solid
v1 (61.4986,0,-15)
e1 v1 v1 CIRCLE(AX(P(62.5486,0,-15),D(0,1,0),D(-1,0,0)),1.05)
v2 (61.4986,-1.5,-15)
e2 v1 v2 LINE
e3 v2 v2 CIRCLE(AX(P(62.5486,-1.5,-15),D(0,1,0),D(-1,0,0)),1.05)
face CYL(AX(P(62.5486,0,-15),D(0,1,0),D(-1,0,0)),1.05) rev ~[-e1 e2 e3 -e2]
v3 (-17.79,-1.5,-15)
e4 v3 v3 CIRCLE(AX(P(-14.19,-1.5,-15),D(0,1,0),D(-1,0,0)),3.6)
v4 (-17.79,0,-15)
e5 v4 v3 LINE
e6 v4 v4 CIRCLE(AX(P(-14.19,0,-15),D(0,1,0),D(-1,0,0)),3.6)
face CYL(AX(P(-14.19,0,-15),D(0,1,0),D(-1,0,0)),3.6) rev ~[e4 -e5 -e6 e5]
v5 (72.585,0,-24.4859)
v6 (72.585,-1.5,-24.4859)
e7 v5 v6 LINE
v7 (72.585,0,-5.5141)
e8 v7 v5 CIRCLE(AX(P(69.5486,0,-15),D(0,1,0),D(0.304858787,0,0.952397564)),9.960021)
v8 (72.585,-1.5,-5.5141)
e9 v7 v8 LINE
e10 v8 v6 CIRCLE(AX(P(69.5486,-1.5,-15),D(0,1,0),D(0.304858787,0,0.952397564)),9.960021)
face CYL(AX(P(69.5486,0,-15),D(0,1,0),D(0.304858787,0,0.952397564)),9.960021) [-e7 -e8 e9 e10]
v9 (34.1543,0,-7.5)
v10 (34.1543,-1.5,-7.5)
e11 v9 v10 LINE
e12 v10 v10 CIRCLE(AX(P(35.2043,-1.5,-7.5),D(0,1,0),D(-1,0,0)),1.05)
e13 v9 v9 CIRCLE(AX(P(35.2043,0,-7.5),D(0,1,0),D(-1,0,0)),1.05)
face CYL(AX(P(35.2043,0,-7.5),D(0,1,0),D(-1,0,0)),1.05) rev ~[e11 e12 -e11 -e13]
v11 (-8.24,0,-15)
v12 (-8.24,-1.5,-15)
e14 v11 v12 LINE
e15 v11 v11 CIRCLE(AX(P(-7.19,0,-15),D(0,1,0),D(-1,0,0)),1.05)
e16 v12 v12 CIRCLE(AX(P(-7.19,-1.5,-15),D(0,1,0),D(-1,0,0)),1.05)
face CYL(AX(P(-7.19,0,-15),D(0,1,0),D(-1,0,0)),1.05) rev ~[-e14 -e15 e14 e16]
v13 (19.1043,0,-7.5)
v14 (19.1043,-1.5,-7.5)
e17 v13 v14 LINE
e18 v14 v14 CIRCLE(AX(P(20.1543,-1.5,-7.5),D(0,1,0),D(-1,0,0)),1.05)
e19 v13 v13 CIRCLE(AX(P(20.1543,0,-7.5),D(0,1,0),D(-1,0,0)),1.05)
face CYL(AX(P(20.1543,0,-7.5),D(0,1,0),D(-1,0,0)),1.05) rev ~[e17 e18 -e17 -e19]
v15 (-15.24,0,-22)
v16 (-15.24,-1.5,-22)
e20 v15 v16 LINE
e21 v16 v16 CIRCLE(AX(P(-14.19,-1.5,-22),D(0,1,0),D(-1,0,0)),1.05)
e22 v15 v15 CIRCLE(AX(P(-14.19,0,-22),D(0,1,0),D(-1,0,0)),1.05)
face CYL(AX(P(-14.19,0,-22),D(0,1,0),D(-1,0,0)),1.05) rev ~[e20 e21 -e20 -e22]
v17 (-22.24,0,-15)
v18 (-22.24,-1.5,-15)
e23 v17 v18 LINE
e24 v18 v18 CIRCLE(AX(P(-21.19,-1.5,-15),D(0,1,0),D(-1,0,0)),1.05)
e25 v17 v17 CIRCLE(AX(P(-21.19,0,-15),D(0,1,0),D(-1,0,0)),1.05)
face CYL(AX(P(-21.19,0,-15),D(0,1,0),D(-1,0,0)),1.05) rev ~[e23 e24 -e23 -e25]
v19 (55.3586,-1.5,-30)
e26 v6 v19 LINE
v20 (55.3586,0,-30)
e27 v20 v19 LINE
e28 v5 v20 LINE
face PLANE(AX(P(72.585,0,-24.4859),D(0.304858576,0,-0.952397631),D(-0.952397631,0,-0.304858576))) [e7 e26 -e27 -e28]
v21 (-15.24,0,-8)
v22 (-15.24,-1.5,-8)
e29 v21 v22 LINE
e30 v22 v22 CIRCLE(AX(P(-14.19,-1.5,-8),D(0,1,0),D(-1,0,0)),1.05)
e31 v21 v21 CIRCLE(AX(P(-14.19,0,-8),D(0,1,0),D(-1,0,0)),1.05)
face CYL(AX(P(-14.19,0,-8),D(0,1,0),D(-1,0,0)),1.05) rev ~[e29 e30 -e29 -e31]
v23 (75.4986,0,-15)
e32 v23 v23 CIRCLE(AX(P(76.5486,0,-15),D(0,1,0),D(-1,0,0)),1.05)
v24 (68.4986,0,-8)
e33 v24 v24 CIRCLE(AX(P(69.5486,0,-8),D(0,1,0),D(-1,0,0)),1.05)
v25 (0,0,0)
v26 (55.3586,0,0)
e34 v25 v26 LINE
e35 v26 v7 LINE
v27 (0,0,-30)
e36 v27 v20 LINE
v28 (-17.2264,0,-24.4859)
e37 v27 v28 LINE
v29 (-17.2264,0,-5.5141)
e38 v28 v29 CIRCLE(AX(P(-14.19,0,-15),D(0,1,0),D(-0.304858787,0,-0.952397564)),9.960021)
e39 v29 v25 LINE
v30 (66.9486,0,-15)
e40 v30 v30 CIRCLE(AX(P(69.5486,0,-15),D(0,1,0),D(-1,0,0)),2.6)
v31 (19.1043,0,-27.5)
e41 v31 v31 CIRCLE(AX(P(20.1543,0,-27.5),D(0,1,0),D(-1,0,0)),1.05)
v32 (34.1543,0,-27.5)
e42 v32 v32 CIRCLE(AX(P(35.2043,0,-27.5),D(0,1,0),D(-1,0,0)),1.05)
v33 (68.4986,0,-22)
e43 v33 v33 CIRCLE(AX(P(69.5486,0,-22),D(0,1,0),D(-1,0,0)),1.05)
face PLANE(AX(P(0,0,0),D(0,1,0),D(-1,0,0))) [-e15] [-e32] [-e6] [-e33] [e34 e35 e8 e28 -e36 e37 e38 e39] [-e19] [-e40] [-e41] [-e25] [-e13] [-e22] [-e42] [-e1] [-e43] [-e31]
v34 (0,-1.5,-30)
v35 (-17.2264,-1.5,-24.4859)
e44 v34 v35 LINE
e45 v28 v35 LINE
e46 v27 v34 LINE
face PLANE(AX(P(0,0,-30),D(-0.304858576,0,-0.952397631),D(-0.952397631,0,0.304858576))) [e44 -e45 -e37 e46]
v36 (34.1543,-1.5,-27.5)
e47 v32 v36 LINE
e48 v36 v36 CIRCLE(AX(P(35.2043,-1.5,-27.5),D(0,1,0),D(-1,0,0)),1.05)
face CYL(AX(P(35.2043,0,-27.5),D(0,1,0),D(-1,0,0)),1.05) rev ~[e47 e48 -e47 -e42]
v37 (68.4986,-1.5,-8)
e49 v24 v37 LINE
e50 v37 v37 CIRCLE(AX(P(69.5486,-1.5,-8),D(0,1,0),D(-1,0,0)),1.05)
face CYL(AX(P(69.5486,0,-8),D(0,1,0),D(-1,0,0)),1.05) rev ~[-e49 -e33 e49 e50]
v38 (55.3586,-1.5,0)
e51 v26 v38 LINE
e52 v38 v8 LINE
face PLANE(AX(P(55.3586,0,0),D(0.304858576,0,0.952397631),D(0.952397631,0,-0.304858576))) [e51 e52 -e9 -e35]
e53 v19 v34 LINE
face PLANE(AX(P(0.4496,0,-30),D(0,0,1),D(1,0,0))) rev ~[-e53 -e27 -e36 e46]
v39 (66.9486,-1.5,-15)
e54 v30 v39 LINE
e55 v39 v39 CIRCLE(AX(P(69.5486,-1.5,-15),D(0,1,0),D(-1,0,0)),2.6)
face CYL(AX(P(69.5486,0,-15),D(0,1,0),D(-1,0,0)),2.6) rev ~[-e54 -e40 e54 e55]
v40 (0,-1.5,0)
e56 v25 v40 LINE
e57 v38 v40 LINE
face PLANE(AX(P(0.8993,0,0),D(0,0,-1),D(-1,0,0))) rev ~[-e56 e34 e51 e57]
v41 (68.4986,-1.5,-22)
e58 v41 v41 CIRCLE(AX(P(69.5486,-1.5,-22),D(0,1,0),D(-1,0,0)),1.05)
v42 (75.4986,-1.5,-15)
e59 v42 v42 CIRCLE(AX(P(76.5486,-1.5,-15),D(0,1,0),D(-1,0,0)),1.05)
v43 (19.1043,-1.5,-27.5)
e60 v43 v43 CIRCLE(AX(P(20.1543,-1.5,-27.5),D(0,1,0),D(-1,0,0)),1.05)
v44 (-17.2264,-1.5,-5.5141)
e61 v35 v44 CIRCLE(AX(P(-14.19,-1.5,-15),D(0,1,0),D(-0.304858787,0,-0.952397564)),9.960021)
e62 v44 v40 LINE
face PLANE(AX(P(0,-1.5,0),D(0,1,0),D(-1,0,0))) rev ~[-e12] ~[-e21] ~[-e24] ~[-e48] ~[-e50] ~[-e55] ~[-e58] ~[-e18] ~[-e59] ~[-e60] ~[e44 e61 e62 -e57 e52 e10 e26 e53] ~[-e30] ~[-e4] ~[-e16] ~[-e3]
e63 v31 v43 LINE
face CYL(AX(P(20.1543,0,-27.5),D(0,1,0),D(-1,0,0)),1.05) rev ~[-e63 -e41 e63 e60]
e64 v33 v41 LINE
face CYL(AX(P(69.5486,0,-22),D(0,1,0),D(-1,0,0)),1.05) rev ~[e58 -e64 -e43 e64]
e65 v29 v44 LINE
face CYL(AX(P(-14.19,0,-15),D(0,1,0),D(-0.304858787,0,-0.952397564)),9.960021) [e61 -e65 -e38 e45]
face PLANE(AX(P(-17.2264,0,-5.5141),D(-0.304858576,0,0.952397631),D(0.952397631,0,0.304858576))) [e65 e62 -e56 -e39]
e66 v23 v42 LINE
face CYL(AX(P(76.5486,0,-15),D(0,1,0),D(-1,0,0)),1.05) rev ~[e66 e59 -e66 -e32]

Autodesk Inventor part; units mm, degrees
ref_plane "YZ Plane" through (0, 0, 0) normal (1, 0, 0) x (0, 1, 0)
ref_plane "XZ Plane" through (0, 0, 0) normal (0, 1, 0) x (-1, 0, 0)
ref_plane "XY Plane" through (0, 0, 0) normal (0, 0, 1) x (1, 0, 0)
sketch "Sketch1" plane through (0, 0, 0) normal (0, 1, 0) x (-1, 0, 0)
  line L0 (-0.4496, -30) -> (-0.4496, 0)
  line L1 (-54.9089, 0) -> (-54.9089, -30)
  circle A0 centre (-20.1543, -27.5) radius 1.05
  circle A1 centre (-20.1543, -7.5) radius 1.05
  circle A2 centre (-35.2043, -27.5) radius 1.05
  circle A3 centre (-35.2043, -7.5) radius 1.05
  circle A4 centre (-69.5486, -15) radius 2.6
  circle A5 centre (14.19, -15) radius 3.6
  circle A6 centre (7.19, -15) radius 1.05
  circle A7 centre (14.19, -22) radius 1.05
  circle A8 centre (21.19, -15) radius 1.05
  circle A9 centre (14.19, -8) radius 1.05
  circle A10 centre (-69.5486, -22) radius 1.05
  circle A11 centre (-62.5486, -15) radius 1.05
  circle A12 centre (-69.5486, -8) radius 1.05
  circle A13 centre (-76.5486, -15) radius 1.05
  line L2 (-72.585, -24.4859) -> (-55.3586, -30)
  line L3 (0, -30) -> (17.2264, -24.4859)
  arc A14 (-72.585, -5.5141) -> (-72.585, -24.4859) centre (-69.5486, -15) ccw
  arc A15 (17.2264, -24.4859) -> (17.2264, -5.5141) centre (14.19, -15) ccw
  line L4 (-55.3586, 0) -> (-72.585, -5.5141)
  line L5 (17.2264, -5.5141) -> (0, 0)
  line L6 (-55.3586, 0) -> (0, 0)
  line L7 (0, -30) -> (-55.3586, -30)
  line L8 (-55.3586, -30) -> (-55.3586, 0)
  line L9 (-54.4593, 0) -> (-54.4593, -30)
  line L10 (-0.8993, -30) -> (-0.8993, 0)
  line L11 (0, 0) -> (0, -30)
extrude "Extrusion1" add sketch "Sketch1" against normal blind 1.5
properties part number "axis_14_bottom_frame"
